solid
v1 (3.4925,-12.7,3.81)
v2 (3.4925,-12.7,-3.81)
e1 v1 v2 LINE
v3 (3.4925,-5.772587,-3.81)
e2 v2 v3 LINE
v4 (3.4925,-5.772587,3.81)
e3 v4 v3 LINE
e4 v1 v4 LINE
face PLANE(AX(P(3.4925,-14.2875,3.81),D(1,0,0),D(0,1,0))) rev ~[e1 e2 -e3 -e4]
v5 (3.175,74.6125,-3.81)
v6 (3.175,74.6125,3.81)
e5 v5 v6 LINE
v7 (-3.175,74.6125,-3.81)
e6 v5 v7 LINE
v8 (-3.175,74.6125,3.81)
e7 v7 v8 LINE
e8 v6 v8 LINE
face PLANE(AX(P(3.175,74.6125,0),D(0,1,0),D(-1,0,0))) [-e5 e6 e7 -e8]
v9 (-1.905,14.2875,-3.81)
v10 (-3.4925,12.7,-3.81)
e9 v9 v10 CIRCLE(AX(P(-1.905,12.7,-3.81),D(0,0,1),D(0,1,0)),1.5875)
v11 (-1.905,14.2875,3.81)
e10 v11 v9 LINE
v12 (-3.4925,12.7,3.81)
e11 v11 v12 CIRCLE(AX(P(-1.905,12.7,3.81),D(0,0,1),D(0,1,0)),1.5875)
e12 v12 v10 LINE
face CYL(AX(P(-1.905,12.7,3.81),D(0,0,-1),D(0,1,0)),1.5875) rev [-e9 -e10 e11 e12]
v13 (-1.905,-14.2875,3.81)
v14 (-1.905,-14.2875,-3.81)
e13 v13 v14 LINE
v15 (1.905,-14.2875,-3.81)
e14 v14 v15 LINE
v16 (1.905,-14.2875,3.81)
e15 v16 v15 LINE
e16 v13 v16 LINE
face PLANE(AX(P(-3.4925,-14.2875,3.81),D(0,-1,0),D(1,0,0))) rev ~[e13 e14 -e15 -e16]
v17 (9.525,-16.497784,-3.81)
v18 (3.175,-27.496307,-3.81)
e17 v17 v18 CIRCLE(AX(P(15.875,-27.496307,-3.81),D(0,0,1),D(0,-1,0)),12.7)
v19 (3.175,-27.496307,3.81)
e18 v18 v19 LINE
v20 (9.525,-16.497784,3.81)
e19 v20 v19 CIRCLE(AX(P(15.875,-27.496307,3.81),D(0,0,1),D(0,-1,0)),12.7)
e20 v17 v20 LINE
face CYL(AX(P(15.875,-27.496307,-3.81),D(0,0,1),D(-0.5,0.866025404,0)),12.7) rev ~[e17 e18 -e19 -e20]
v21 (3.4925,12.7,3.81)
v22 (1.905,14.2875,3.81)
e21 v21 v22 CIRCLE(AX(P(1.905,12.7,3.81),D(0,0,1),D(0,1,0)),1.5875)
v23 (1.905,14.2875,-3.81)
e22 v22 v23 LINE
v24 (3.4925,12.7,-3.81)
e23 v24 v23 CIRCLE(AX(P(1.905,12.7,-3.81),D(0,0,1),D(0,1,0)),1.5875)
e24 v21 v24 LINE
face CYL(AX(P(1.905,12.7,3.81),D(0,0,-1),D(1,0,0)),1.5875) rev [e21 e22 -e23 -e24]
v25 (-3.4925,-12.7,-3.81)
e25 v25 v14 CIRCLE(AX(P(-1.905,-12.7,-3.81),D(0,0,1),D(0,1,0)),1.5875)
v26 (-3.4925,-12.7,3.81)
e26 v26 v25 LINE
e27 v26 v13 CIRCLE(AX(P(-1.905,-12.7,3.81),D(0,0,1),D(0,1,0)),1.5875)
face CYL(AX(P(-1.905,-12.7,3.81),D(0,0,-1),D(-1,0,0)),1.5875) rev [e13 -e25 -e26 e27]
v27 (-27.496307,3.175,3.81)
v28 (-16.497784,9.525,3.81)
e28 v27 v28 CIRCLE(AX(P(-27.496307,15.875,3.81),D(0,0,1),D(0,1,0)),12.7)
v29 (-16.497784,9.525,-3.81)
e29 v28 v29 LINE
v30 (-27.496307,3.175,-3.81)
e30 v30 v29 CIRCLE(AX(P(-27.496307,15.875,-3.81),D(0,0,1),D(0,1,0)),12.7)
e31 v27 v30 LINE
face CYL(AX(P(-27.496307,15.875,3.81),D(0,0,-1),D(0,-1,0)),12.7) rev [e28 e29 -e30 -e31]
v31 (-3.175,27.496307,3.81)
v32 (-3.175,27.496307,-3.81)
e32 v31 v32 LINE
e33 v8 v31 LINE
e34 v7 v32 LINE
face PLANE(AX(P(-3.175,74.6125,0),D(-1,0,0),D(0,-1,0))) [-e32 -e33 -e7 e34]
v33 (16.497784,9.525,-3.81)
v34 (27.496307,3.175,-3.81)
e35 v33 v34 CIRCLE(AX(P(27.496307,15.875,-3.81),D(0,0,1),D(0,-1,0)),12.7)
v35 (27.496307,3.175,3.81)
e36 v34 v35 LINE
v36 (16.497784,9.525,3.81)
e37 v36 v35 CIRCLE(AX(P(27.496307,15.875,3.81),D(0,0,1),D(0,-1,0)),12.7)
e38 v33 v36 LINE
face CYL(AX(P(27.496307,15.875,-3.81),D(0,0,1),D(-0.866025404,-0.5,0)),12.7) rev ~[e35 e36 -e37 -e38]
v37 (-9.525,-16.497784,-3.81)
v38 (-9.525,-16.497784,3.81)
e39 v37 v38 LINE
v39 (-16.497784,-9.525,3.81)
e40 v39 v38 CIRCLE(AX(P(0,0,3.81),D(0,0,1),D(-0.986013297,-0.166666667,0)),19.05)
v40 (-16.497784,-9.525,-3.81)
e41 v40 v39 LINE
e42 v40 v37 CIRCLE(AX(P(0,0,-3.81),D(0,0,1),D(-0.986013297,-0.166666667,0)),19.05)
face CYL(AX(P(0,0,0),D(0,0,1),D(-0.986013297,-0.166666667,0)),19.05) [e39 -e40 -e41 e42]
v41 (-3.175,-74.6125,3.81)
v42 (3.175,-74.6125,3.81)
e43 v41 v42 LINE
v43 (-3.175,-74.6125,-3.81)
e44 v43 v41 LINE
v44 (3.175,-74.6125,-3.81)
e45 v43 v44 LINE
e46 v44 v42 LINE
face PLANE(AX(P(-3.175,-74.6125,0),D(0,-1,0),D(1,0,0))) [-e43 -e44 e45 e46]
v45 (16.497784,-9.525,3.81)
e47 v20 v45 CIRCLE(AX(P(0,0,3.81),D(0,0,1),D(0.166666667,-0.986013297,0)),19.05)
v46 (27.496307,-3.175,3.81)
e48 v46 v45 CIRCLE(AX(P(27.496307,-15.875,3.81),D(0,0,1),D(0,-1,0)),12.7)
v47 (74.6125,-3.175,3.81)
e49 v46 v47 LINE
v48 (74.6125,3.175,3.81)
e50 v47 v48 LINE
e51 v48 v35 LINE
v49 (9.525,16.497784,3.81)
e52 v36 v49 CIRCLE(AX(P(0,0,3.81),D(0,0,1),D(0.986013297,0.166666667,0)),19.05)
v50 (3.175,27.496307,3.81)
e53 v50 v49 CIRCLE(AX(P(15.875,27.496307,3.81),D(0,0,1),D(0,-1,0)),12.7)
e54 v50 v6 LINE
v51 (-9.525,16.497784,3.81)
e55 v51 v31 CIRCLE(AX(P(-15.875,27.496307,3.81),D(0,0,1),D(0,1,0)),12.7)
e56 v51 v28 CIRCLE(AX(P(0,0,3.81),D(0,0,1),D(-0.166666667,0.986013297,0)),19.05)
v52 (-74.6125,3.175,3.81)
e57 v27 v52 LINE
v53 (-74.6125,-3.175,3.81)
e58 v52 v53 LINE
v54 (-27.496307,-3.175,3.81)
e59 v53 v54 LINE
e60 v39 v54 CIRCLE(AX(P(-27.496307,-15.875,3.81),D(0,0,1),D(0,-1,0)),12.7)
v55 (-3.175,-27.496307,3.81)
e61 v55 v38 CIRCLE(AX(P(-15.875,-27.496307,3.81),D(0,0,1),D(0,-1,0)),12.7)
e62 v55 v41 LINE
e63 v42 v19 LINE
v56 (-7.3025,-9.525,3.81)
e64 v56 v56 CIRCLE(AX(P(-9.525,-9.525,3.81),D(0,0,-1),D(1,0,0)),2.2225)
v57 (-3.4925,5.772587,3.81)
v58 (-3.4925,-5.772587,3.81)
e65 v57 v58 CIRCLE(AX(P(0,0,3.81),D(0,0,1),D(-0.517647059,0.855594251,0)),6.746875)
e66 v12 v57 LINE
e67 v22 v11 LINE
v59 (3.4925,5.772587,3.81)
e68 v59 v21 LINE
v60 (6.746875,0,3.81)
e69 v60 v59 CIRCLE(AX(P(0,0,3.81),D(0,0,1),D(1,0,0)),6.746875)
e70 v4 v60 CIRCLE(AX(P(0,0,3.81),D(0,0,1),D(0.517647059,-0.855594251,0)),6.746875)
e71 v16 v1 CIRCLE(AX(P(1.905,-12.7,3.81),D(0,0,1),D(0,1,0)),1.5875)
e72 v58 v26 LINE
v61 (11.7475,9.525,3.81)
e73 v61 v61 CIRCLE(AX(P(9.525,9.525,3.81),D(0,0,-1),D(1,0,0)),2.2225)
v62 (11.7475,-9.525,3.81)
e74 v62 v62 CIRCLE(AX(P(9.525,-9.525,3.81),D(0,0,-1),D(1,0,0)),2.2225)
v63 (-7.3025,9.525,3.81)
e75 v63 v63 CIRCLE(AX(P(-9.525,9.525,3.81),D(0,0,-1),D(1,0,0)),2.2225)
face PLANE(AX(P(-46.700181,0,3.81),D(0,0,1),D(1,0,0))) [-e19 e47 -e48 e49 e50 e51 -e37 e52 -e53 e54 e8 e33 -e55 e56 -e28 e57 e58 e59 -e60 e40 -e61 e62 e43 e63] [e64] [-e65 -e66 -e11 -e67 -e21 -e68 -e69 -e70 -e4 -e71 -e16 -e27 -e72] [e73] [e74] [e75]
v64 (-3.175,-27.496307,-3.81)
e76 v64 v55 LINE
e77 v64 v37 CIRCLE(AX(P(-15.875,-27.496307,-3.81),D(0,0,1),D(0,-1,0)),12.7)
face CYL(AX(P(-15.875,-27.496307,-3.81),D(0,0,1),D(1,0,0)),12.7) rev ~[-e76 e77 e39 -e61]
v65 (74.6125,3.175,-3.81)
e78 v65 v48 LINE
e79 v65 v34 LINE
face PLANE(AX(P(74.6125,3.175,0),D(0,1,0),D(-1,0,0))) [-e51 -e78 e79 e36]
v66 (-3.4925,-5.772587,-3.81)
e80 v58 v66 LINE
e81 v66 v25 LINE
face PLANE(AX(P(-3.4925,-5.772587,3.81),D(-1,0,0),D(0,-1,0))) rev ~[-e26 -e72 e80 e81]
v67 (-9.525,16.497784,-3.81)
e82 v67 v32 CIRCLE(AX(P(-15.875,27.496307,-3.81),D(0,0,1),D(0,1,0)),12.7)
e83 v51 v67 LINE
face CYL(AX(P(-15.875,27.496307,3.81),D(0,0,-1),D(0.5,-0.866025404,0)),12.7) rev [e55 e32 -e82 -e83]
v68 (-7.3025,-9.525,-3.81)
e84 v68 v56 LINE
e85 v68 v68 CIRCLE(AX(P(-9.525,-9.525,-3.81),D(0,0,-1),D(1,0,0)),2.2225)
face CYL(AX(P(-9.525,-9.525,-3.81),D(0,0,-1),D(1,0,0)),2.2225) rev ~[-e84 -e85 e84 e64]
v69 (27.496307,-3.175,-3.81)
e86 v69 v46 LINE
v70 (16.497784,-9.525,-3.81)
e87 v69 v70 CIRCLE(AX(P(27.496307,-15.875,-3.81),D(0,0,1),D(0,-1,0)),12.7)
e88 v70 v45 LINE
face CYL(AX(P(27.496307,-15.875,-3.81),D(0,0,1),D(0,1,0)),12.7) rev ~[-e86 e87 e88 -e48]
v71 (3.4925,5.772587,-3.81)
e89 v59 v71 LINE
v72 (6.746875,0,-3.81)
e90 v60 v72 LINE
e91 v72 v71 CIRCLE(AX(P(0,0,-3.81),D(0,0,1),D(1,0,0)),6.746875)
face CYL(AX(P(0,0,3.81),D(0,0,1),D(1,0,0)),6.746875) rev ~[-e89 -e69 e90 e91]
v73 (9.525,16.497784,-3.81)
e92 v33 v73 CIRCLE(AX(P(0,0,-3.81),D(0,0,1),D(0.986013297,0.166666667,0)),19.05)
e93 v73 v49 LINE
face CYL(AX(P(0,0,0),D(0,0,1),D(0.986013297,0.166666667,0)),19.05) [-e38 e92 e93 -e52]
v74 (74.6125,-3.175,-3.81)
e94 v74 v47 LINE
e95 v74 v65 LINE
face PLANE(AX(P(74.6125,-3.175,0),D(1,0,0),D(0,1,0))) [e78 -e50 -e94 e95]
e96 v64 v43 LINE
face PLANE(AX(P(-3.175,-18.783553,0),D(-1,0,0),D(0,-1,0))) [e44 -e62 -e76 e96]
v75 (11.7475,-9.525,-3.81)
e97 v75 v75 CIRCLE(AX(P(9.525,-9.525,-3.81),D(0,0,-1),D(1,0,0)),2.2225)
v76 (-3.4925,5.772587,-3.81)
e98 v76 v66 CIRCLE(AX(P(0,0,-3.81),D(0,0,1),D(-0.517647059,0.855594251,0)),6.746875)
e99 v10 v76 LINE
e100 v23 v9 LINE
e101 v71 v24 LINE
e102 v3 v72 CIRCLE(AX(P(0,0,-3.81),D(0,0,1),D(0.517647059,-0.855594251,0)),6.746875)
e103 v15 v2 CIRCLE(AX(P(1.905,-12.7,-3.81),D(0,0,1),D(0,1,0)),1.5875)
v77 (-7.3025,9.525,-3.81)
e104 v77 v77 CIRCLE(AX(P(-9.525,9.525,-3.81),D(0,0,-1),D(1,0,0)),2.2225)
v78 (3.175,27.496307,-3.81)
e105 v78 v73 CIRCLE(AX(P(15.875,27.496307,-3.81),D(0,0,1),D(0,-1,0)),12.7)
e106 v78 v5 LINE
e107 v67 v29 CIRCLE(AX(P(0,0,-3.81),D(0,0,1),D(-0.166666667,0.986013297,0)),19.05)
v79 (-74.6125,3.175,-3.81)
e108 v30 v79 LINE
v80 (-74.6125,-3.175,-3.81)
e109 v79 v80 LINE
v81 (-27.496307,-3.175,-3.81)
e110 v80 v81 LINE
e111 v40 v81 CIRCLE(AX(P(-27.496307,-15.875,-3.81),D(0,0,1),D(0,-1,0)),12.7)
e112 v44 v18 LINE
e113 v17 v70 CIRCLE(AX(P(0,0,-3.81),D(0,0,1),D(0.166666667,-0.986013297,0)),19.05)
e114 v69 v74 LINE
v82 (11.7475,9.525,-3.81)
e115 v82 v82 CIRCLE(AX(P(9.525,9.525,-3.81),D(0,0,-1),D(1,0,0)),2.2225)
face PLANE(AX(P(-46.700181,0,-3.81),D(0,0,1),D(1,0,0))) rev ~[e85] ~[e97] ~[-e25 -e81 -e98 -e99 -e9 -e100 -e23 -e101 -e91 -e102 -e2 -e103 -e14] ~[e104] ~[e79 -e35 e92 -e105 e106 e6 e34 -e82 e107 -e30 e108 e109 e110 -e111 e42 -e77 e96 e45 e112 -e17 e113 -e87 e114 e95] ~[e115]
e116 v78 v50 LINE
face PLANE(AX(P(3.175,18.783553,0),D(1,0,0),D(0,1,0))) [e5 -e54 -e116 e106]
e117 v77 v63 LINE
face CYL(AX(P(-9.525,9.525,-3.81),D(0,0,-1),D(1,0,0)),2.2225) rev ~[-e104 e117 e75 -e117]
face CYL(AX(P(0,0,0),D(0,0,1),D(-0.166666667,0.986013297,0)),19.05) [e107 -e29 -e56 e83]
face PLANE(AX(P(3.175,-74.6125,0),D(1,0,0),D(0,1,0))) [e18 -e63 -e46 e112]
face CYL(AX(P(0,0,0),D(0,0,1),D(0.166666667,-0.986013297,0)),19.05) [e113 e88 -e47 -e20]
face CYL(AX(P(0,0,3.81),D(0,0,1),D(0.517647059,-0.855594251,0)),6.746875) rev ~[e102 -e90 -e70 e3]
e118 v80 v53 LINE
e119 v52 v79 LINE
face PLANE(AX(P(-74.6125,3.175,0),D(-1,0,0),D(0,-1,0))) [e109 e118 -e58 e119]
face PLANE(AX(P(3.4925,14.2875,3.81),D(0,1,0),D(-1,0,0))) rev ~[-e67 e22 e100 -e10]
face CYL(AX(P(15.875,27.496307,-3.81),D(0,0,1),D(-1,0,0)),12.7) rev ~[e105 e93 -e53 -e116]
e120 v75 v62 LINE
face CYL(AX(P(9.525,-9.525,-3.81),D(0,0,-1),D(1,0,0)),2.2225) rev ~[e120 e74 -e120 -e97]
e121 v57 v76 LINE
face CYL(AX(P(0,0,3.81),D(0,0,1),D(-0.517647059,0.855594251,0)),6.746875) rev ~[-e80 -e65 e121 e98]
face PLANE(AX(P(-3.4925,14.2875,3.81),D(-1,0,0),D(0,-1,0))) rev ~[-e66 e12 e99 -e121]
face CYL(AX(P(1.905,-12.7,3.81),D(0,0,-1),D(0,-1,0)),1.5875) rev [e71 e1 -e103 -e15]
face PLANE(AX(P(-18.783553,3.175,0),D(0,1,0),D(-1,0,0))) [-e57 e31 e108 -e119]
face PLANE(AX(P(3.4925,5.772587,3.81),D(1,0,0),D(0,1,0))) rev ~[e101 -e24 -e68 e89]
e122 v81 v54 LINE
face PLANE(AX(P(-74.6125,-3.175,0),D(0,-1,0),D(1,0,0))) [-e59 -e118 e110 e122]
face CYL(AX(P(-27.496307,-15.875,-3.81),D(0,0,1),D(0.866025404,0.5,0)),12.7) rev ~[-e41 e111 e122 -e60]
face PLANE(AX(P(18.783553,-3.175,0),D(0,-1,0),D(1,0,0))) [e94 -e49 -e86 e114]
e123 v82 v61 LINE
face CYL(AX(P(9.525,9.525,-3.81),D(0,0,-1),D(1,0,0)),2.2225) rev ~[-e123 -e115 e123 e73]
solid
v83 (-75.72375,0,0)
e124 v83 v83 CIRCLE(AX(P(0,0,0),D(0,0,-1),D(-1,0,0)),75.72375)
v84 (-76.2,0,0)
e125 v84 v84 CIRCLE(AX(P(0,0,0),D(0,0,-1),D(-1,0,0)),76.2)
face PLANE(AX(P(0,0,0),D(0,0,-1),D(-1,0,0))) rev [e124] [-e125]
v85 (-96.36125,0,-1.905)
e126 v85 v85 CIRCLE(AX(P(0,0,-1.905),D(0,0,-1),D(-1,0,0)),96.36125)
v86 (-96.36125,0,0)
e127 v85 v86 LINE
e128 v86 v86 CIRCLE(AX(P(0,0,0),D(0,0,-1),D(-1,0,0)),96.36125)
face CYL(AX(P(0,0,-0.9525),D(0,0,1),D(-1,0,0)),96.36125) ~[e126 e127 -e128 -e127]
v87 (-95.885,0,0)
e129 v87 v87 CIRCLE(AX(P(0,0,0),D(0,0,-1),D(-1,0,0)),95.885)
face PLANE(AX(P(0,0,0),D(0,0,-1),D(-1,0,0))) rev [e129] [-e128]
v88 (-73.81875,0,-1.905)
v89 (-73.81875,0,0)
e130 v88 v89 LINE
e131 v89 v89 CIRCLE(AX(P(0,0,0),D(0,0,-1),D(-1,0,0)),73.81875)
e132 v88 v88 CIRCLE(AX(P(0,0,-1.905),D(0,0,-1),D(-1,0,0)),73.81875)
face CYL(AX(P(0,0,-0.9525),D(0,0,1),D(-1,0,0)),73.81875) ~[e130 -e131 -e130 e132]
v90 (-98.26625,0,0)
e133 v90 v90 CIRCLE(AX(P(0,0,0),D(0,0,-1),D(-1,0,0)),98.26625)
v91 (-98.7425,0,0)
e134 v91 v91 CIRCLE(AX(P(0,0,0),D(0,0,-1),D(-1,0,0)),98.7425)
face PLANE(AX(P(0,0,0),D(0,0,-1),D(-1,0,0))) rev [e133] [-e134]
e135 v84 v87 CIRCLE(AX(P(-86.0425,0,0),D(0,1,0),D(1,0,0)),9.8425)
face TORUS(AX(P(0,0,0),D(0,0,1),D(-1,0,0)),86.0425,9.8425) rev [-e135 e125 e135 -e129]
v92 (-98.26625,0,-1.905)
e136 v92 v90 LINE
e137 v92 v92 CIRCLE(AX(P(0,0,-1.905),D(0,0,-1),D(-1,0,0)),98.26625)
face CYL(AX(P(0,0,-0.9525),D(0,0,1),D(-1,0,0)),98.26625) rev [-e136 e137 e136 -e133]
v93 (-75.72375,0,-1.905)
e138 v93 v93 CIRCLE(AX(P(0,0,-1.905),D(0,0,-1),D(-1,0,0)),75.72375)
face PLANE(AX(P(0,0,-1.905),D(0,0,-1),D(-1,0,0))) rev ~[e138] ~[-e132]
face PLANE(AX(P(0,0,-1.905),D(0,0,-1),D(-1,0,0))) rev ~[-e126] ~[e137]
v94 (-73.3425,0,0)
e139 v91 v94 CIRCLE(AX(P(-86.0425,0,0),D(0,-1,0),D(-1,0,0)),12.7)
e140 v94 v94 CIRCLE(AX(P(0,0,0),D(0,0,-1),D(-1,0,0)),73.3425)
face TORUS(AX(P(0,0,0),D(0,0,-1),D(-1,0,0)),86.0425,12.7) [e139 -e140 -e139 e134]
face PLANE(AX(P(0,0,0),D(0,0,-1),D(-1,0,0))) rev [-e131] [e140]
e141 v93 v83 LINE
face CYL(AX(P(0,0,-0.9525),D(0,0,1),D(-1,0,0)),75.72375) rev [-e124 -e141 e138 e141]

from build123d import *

# Parameters (mm, degrees)
F2_W          = 1.905
F2_H          = 1.905
F4_W          = 47.625
F4_H          = 6.35
F4_W_2        = 6.35
F4_H_2        = 47.625
F5_DEPTH      = 25.4
F7_W          = 6.35
F7_H          = 6.35
F8_DEPTH      = 3.81
F8_DEPTH_BACK = 3.81
F9_R          = 12.7
F11_DEPTH     = 25.4
F12_R         = 1.5875
F13_R         = 2.2225
F14_DEPTH     = 25.4


with BuildPart() as f1:
    # F0 (on Front) → F1 (revolve)
    with BuildSketch(Plane.XZ):
        with BuildLine():
            ThreePointArc((-76.2, 0), (-86.0425, -9.8425), (-95.885, 0))
            Line((-95.885, 0), (-98.7425, 0))
            ThreePointArc((-98.7425, 0), (-86.0425, -12.7), (-73.3425, 0))
            Line((-73.3425, 0), (-76.2, 0))
        make_face()
    revolve(axis=Axis((0, 0, 0), (0, 0, -1)))

    # F2 (on Front) → F3 (revolve, cut)
    with BuildSketch(Plane.XZ):
        with Locations((-97.31375, -0.9525)):
            Rectangle(F2_W, F2_H)
        with Locations((-74.77125, -0.9525)):
            Rectangle(F2_W, F2_H)
    revolve(axis=Axis((0, 0, 0), (0, 0, -1)), mode=Mode.SUBTRACT)


with BuildPart() as f5:
    # F4 (on face) → F5 (new body)
    with BuildSketch(Plane.XY):
        with Locations((-26.9875, 0)):
            Rectangle(F4_W, F4_H)
        with Locations((26.9875, 0)):
            Rectangle(F4_W, F4_H)
        with Locations((0, 26.9875)):
            Rectangle(F4_W_2, F4_H_2)
        with Locations((0, -26.9875)):
            Rectangle(F4_W_2, F4_H_2)
        Rectangle(F4_W_2, F4_H)
    extrude(amount=F5_DEPTH)


with BuildPart() as f8:
    # F7 (on Top) → F8 (new body, two sides)
    with BuildSketch(Plane.XY) as f8_sk:
        with BuildLine():
            Line((-18.7835533113, 3.175), (-74.6125, 3.175))
            Line((-74.6125, 3.175), (-74.6125, -3.175))
            Line((-74.6125, -3.175), (-18.7835533113, -3.175))
            ThreePointArc((-18.7835533113, -3.175), (-19.05, 0), (-18.7835533113, 3.175))
        make_face()
        with BuildLine():
            Line((74.6125, 3.175), (18.7835533113, 3.175))
            ThreePointArc((18.7835533113, 3.175), (18.9832714591, 1.5930802583), (19.05, 0))
            ThreePointArc((19.05, 0), (18.9832714591, -1.5930802583), (18.7835533113, -3.175))
            Line((18.7835533113, -3.175), (74.6125, -3.175))
            Line((74.6125, -3.175), (74.6125, 3.175))
        make_face()
        with BuildLine():
            Line((-3.175, 74.6125), (-3.175, 18.7835533113))
            ThreePointArc((-3.175, 18.7835533113), (0, 19.05), (3.175, 18.7835533113))
            Line((3.175, 18.7835533113), (3.175, 74.6125))
            Line((3.175, 74.6125), (-3.175, 74.6125))
        make_face()
        with BuildLine():
            ThreePointArc((3.175, -18.7835533113), (0, -19.05), (-3.175, -18.7835533113))
            Line((-3.175, -18.7835533113), (-3.175, -74.6125))
            Line((-3.175, -74.6125), (3.175, -74.6125))
            Line((3.175, -74.6125), (3.175, -18.7835533113))
        make_face()
        Rectangle(F7_W, F7_H)
        with BuildLine():
            Line((-3.175, 3.175), (-18.7835533113, 3.175))
            ThreePointArc((-18.7835533113, 3.175), (-19.05, 0), (-18.7835533113, -3.175))
            Line((-18.7835533113, -3.175), (-3.175, -3.175))
            Line((-3.175, -3.175), (-3.175, 3.175))
        make_face()
        with BuildLine():
            Line((18.7835533113, 3.175), (3.175, 3.175))
            Line((3.175, 3.175), (3.175, -3.175))
            Line((3.175, -3.175), (18.7835533113, -3.175))
            ThreePointArc((18.7835533113, -3.175), (18.9832714591, -1.5930802583), (19.05, 0))
            ThreePointArc((19.05, 0), (18.9832714591, 1.5930802583), (18.7835533113, 3.175))
        make_face()
        with BuildLine():
            Line((3.175, -3.175), (-3.175, -3.175))
            Line((-3.175, -3.175), (-3.175, -18.7835533113))
            ThreePointArc((-3.175, -18.7835533113), (0, -19.05), (3.175, -18.7835533113))
            Line((3.175, -18.7835533113), (3.175, -3.175))
        make_face()
        with BuildLine():
            Line((-3.175, 18.7835533113), (-3.175, 3.175))
            Line((-3.175, 3.175), (3.175, 3.175))
            Line((3.175, 3.175), (3.175, 18.7835533113))
            ThreePointArc((3.175, 18.7835533113), (0, 19.05), (-3.175, 18.7835533113))
        make_face()
        with BuildLine():
            Line((3.175, 18.7835533113), (3.175, 3.175))
            Line((3.175, 3.175), (18.7835533113, 3.175))
            ThreePointArc((18.7835533113, 3.175), (13.4703841816, 13.4703841816), (3.175, 18.7835533113))
        make_face()
        with BuildLine():
            ThreePointArc((-3.175, 18.7835533113), (-13.4703841816, 13.4703841816), (-18.7835533113, 3.175))
            Line((-18.7835533113, 3.175), (-3.175, 3.175))
            Line((-3.175, 3.175), (-3.175, 18.7835533113))
        make_face()
        with BuildLine():
            Line((-3.175, -3.175), (-18.7835533113, -3.175))
            ThreePointArc((-18.7835533113, -3.175), (-13.4703841816, -13.4703841816), (-3.175, -18.7835533113))
            Line((-3.175, -18.7835533113), (-3.175, -3.175))
        make_face()
        with BuildLine():
            Line((18.7835533113, -3.175), (3.175, -3.175))
            Line((3.175, -3.175), (3.175, -18.7835533113))
            ThreePointArc((3.175, -18.7835533113), (13.4703841816, -13.4703841816), (18.7835533113, -3.175))
        make_face()
    extrude(amount=F8_DEPTH)
    extrude(f8_sk.sketch, amount=-F8_DEPTH_BACK)

    # F9
    f9_edges = [f8.edges().sort_by_distance(p)[0] for p in [
        (3.175, -18.783553, 0),
        (18.783553, -3.175, 0),
        (-3.175, -18.783553, 0),
        (-18.783553, -3.175, 0),
        (-18.783553, 3.175, 0),
        (-3.175, 18.783553, 0),
        (3.175, 18.783553, 0),
        (18.783553, 3.175, 0),
    ]]
    fillet(f9_edges, radius=F9_R)

    # F10 (on face) → F11 (cut)
    with BuildSketch(Plane.XY.offset(3.81)):
        with BuildLine():
            Line((-3.4925, -5.7725874628), (-3.4925, 5.7725874628))
            ThreePointArc((-3.4925, 5.7725874628), (-6.746875, 0), (-3.4925, -5.7725874628))
        make_face()
        with BuildLine():
            ThreePointArc((3.4925, -5.7725874628), (5.8772350303, -3.313371495), (6.746875, 0))
            ThreePointArc((6.746875, 0), (5.8772350303, 3.313371495), (3.4925, 5.7725874628))
            Line((3.4925, 5.7725874628), (3.4925, -5.7725874628))
        make_face()
        with BuildLine():
            ThreePointArc((-3.4925, 5.7725874628), (0, 6.746875), (3.4925, 5.7725874628))
            Line((3.4925, 5.7725874628), (3.4925, 14.2875))
            Line((3.4925, 14.2875), (-3.4925, 14.2875))
            Line((-3.4925, 14.2875), (-3.4925, 5.7725874628))
        make_face()
        with BuildLine():
            Line((3.4925, -14.2875), (3.4925, -5.7725874628))
            ThreePointArc((3.4925, -5.7725874628), (0, -6.746875), (-3.4925, -5.7725874628))
            Line((-3.4925, -5.7725874628), (-3.4925, -14.2875))
            Line((-3.4925, -14.2875), (3.4925, -14.2875))
        make_face()
        with BuildLine():
            Line((3.4925, -5.7725874628), (3.4925, 5.7725874628))
            ThreePointArc((3.4925, 5.7725874628), (0, 6.746875), (-3.4925, 5.7725874628))
            Line((-3.4925, 5.7725874628), (-3.4925, -5.7725874628))
            ThreePointArc((-3.4925, -5.7725874628), (0, -6.746875), (3.4925, -5.7725874628))
        make_face()
    extrude(amount=-F11_DEPTH, mode=Mode.SUBTRACT)

    # F12
    f12_edges = [f8.edges().sort_by_distance(p)[0] for p in [
        (3.4925, 14.2875, 0),
        (3.4925, -14.2875, 0),
        (-3.4925, 14.2875, 0),
        (-3.4925, -14.2875, 0),
    ]]
    fillet(f12_edges, radius=F12_R)

    # F13 (on face) → F14 (cut)
    with BuildSketch(Plane(origin=(0, 0, -3.81), x_dir=(1, 0, 0), z_dir=(0, 0, -1))):
        with Locations((-9.525, 9.525)):
            Circle(F13_R)
        with Locations((9.525, 9.525)):
            Circle(F13_R)
        with Locations((9.525, -9.525)):
            Circle(F13_R)
        with Locations((-9.525, -9.525)):
            Circle(F13_R)
    extrude(amount=-F14_DEPTH, mode=Mode.SUBTRACT)


solid = Compound([f1.part, f8.part])
